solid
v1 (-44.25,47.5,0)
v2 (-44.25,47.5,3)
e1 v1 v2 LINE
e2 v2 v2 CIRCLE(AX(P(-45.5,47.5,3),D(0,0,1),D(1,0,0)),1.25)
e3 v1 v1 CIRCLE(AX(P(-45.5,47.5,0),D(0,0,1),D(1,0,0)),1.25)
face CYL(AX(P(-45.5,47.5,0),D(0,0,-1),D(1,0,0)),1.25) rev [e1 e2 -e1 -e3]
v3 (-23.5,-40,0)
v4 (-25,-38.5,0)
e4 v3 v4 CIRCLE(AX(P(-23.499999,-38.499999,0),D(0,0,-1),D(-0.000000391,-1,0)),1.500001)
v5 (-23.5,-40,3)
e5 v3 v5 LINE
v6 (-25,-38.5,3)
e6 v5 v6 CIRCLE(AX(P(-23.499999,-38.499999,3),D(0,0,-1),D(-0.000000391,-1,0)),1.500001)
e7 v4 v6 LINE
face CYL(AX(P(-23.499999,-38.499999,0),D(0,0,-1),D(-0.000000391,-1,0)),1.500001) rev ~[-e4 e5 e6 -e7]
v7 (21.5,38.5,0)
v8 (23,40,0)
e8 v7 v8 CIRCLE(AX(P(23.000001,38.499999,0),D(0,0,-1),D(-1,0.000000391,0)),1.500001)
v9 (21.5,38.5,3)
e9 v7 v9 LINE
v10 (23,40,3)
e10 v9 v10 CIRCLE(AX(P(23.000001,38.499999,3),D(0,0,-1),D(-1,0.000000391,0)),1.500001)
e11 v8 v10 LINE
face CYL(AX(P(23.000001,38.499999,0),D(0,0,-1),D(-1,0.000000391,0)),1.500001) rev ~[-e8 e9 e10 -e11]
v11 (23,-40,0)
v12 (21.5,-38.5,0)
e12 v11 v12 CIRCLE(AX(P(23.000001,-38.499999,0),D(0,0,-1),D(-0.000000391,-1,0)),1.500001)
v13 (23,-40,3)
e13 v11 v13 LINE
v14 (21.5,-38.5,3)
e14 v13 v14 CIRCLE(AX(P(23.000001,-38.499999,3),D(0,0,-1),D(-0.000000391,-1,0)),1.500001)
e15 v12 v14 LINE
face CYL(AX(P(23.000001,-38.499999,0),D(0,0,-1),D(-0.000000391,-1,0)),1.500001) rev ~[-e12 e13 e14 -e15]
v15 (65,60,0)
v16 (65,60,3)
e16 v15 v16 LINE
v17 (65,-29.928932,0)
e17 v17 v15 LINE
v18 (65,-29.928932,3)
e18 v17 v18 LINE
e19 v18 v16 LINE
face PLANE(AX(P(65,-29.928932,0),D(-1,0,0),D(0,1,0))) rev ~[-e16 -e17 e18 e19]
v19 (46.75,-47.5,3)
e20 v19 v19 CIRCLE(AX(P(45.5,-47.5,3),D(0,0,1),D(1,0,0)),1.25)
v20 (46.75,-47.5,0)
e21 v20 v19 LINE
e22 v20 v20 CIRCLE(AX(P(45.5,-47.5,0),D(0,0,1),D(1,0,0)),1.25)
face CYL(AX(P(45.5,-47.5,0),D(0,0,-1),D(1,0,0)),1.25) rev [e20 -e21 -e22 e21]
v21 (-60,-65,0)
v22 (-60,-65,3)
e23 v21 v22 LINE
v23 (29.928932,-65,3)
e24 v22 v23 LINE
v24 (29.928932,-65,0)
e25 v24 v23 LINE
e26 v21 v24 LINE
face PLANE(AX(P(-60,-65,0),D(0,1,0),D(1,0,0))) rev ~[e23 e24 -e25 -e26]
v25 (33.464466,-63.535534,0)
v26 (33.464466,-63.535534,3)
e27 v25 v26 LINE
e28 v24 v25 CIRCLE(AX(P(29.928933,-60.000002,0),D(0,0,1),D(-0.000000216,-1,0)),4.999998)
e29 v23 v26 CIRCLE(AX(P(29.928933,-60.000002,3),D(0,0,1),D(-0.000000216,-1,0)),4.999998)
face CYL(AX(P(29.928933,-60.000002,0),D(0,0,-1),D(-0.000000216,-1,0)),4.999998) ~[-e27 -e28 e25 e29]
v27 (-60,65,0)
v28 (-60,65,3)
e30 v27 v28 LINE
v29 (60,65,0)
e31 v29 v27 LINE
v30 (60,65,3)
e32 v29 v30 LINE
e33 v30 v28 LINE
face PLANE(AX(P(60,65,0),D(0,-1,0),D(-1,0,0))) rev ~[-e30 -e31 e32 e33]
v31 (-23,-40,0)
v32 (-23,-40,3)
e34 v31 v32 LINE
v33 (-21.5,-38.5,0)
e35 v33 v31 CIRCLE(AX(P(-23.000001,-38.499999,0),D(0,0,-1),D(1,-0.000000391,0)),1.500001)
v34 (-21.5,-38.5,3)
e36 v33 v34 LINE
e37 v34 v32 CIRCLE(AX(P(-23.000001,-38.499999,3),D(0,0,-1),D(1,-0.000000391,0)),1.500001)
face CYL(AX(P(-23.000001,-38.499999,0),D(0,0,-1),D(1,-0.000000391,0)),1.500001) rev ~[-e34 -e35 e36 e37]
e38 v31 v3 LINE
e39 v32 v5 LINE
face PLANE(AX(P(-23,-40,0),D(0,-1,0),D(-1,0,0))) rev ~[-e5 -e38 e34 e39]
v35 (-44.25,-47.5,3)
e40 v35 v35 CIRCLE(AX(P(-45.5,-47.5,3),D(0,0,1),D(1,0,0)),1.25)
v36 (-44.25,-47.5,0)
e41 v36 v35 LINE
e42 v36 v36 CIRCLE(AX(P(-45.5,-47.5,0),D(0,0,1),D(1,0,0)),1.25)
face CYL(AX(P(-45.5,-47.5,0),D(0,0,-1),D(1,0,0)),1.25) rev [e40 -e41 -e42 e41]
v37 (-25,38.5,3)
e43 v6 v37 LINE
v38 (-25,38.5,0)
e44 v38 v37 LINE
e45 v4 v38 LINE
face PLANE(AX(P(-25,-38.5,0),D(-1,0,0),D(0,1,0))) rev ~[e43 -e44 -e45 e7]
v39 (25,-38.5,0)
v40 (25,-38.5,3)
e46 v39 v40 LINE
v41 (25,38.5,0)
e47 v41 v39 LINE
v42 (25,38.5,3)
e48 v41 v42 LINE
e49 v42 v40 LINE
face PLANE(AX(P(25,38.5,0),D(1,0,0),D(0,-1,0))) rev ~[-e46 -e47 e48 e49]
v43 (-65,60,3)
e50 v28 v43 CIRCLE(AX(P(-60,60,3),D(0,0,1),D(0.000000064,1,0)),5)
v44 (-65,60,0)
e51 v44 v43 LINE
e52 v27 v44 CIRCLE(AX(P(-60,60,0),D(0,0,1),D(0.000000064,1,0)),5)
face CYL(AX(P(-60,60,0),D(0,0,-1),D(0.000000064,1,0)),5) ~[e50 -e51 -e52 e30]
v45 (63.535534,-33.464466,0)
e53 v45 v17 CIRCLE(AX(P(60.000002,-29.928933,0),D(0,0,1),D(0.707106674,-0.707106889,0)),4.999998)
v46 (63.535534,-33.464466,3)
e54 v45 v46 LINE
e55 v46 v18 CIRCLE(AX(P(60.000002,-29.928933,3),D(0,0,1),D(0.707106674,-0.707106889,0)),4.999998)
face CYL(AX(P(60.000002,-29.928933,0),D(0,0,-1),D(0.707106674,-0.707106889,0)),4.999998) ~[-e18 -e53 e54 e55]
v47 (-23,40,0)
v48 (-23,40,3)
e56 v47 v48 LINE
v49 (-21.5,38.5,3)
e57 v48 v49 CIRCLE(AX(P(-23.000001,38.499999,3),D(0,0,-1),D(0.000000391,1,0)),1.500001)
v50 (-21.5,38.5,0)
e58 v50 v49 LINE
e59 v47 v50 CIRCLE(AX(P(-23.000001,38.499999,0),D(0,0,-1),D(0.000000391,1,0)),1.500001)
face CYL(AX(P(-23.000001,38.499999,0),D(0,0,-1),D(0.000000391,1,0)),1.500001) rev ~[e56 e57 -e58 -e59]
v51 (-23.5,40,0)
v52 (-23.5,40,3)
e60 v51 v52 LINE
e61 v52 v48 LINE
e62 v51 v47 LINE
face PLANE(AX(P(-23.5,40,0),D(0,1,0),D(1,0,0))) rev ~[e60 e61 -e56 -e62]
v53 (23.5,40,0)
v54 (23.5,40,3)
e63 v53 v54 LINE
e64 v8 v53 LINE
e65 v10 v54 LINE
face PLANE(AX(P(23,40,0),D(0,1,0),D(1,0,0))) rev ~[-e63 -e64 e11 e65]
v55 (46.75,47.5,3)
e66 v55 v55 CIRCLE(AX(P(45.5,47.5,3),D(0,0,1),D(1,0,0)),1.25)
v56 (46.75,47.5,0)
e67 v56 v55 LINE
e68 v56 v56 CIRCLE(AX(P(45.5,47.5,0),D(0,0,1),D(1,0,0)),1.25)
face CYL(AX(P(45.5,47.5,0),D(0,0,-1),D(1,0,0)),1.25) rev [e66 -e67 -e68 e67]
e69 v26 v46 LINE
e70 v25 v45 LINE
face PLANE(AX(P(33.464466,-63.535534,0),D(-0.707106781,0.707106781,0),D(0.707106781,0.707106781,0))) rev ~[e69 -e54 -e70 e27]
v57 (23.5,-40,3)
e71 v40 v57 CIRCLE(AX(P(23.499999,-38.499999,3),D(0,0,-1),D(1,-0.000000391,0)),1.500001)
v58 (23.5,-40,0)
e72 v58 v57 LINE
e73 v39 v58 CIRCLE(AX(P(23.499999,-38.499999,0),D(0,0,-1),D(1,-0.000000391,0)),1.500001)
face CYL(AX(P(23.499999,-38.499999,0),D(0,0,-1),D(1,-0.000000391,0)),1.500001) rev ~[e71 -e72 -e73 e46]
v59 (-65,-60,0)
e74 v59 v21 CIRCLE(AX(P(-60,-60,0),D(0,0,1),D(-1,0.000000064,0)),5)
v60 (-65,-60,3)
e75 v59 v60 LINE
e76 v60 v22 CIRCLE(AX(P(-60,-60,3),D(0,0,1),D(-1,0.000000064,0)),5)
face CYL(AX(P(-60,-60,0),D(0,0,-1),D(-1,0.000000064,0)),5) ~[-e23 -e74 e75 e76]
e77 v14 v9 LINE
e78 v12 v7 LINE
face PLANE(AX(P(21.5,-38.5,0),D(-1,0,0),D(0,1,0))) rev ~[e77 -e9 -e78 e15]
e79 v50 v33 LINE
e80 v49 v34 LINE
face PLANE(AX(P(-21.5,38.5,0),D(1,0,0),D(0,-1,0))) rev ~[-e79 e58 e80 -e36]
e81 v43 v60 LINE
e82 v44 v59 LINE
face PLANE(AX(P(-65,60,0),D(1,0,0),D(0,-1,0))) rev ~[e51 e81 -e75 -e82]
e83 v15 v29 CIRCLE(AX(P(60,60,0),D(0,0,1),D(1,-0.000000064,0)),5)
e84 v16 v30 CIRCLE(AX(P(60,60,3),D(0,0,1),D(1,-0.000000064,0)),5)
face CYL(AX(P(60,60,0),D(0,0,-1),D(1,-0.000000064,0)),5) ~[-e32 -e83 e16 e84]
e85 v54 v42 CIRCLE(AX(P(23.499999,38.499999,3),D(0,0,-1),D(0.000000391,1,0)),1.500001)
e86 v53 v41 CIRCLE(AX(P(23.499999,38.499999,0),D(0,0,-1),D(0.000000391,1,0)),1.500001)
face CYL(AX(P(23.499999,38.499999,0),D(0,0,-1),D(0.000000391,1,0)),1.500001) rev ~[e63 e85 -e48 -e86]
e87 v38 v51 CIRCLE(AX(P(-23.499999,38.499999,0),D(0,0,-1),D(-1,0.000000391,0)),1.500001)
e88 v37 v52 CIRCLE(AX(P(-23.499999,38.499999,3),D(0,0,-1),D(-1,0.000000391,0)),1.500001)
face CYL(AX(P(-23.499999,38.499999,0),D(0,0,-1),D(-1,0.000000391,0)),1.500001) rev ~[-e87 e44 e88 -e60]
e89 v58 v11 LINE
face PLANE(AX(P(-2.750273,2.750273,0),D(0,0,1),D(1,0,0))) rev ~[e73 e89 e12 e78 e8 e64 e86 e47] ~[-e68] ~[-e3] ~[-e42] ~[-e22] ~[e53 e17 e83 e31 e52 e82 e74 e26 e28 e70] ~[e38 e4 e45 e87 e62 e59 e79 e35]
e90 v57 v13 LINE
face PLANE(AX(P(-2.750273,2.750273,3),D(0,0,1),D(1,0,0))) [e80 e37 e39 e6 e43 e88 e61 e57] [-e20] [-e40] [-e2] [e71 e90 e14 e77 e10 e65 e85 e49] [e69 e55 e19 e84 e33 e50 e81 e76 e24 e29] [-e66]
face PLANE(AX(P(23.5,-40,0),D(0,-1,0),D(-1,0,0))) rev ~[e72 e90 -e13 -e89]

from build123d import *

# Parameters (mm, degrees)
F0_R     = 1.25
F1_DEPTH = 3


with BuildPart() as f1:
    # F0 (on Top) → F1 (new body)
    with BuildSketch(Plane.XY):
        with BuildLine():
            Line((-60, -65), (29.928932, -65))
            ThreePointArc((29.928932, -65), (31.842349, -64.619398), (33.464466, -63.535534))
            Line((33.464466, -63.535534), (63.535534, -33.464466))
            ThreePointArc((63.535534, -33.464466), (64.619398, -31.842349), (65, -29.928932))
            Line((65, -29.928932), (65, 60))
            ThreePointArc((65, 60), (63.535534, 63.535534), (60, 65))
            Line((60, 65), (-60, 65))
            ThreePointArc((-60, 65), (-63.535534, 63.535534), (-65, 60))
            Line((-65, 60), (-65, -60))
            ThreePointArc((-65, -60), (-63.535534, -63.535534), (-60, -65))
        make_face()
        with Locations((-45.5, -47.5)):
            Circle(F0_R, mode=Mode.SUBTRACT)
        with Locations((45.5, -47.5)):
            Circle(F0_R, mode=Mode.SUBTRACT)
        with BuildLine():
            ThreePointArc((-21.5, -38.5), (-21.93934, -39.56066), (-23, -40))
            Line((-23, -40), (-23.5, -40))
            ThreePointArc((-23.5, -40), (-24.56066, -39.56066), (-25, -38.5))
            Line((-25, -38.5), (-25, 38.5))
            ThreePointArc((-25, 38.5), (-24.56066, 39.56066), (-23.5, 40))
            Line((-23.5, 40), (-23, 40))
            ThreePointArc((-23, 40), (-21.93934, 39.56066), (-21.5, 38.5))
            Line((-21.5, 38.5), (-21.5, -38.5))
        make_face(mode=Mode.SUBTRACT)
        with Locations((-45.5, 47.5)):
            Circle(F0_R, mode=Mode.SUBTRACT)
        with BuildLine():
            ThreePointArc((25, -38.5), (24.56066, -39.56066), (23.5, -40))
            Line((23.5, -40), (23, -40))
            ThreePointArc((23, -40), (21.93934, -39.56066), (21.5, -38.5))
            Line((21.5, -38.5), (21.5, 38.5))
            ThreePointArc((21.5, 38.5), (21.93934, 39.56066), (23, 40))
            Line((23, 40), (23.5, 40))
            ThreePointArc((23.5, 40), (24.56066, 39.56066), (25, 38.5))
            Line((25, 38.5), (25, -38.5))
        make_face(mode=Mode.SUBTRACT)
        with Locations((45.5, 47.5)):
            Circle(F0_R, mode=Mode.SUBTRACT)
    extrude(amount=F1_DEPTH)


solid = f1.part
